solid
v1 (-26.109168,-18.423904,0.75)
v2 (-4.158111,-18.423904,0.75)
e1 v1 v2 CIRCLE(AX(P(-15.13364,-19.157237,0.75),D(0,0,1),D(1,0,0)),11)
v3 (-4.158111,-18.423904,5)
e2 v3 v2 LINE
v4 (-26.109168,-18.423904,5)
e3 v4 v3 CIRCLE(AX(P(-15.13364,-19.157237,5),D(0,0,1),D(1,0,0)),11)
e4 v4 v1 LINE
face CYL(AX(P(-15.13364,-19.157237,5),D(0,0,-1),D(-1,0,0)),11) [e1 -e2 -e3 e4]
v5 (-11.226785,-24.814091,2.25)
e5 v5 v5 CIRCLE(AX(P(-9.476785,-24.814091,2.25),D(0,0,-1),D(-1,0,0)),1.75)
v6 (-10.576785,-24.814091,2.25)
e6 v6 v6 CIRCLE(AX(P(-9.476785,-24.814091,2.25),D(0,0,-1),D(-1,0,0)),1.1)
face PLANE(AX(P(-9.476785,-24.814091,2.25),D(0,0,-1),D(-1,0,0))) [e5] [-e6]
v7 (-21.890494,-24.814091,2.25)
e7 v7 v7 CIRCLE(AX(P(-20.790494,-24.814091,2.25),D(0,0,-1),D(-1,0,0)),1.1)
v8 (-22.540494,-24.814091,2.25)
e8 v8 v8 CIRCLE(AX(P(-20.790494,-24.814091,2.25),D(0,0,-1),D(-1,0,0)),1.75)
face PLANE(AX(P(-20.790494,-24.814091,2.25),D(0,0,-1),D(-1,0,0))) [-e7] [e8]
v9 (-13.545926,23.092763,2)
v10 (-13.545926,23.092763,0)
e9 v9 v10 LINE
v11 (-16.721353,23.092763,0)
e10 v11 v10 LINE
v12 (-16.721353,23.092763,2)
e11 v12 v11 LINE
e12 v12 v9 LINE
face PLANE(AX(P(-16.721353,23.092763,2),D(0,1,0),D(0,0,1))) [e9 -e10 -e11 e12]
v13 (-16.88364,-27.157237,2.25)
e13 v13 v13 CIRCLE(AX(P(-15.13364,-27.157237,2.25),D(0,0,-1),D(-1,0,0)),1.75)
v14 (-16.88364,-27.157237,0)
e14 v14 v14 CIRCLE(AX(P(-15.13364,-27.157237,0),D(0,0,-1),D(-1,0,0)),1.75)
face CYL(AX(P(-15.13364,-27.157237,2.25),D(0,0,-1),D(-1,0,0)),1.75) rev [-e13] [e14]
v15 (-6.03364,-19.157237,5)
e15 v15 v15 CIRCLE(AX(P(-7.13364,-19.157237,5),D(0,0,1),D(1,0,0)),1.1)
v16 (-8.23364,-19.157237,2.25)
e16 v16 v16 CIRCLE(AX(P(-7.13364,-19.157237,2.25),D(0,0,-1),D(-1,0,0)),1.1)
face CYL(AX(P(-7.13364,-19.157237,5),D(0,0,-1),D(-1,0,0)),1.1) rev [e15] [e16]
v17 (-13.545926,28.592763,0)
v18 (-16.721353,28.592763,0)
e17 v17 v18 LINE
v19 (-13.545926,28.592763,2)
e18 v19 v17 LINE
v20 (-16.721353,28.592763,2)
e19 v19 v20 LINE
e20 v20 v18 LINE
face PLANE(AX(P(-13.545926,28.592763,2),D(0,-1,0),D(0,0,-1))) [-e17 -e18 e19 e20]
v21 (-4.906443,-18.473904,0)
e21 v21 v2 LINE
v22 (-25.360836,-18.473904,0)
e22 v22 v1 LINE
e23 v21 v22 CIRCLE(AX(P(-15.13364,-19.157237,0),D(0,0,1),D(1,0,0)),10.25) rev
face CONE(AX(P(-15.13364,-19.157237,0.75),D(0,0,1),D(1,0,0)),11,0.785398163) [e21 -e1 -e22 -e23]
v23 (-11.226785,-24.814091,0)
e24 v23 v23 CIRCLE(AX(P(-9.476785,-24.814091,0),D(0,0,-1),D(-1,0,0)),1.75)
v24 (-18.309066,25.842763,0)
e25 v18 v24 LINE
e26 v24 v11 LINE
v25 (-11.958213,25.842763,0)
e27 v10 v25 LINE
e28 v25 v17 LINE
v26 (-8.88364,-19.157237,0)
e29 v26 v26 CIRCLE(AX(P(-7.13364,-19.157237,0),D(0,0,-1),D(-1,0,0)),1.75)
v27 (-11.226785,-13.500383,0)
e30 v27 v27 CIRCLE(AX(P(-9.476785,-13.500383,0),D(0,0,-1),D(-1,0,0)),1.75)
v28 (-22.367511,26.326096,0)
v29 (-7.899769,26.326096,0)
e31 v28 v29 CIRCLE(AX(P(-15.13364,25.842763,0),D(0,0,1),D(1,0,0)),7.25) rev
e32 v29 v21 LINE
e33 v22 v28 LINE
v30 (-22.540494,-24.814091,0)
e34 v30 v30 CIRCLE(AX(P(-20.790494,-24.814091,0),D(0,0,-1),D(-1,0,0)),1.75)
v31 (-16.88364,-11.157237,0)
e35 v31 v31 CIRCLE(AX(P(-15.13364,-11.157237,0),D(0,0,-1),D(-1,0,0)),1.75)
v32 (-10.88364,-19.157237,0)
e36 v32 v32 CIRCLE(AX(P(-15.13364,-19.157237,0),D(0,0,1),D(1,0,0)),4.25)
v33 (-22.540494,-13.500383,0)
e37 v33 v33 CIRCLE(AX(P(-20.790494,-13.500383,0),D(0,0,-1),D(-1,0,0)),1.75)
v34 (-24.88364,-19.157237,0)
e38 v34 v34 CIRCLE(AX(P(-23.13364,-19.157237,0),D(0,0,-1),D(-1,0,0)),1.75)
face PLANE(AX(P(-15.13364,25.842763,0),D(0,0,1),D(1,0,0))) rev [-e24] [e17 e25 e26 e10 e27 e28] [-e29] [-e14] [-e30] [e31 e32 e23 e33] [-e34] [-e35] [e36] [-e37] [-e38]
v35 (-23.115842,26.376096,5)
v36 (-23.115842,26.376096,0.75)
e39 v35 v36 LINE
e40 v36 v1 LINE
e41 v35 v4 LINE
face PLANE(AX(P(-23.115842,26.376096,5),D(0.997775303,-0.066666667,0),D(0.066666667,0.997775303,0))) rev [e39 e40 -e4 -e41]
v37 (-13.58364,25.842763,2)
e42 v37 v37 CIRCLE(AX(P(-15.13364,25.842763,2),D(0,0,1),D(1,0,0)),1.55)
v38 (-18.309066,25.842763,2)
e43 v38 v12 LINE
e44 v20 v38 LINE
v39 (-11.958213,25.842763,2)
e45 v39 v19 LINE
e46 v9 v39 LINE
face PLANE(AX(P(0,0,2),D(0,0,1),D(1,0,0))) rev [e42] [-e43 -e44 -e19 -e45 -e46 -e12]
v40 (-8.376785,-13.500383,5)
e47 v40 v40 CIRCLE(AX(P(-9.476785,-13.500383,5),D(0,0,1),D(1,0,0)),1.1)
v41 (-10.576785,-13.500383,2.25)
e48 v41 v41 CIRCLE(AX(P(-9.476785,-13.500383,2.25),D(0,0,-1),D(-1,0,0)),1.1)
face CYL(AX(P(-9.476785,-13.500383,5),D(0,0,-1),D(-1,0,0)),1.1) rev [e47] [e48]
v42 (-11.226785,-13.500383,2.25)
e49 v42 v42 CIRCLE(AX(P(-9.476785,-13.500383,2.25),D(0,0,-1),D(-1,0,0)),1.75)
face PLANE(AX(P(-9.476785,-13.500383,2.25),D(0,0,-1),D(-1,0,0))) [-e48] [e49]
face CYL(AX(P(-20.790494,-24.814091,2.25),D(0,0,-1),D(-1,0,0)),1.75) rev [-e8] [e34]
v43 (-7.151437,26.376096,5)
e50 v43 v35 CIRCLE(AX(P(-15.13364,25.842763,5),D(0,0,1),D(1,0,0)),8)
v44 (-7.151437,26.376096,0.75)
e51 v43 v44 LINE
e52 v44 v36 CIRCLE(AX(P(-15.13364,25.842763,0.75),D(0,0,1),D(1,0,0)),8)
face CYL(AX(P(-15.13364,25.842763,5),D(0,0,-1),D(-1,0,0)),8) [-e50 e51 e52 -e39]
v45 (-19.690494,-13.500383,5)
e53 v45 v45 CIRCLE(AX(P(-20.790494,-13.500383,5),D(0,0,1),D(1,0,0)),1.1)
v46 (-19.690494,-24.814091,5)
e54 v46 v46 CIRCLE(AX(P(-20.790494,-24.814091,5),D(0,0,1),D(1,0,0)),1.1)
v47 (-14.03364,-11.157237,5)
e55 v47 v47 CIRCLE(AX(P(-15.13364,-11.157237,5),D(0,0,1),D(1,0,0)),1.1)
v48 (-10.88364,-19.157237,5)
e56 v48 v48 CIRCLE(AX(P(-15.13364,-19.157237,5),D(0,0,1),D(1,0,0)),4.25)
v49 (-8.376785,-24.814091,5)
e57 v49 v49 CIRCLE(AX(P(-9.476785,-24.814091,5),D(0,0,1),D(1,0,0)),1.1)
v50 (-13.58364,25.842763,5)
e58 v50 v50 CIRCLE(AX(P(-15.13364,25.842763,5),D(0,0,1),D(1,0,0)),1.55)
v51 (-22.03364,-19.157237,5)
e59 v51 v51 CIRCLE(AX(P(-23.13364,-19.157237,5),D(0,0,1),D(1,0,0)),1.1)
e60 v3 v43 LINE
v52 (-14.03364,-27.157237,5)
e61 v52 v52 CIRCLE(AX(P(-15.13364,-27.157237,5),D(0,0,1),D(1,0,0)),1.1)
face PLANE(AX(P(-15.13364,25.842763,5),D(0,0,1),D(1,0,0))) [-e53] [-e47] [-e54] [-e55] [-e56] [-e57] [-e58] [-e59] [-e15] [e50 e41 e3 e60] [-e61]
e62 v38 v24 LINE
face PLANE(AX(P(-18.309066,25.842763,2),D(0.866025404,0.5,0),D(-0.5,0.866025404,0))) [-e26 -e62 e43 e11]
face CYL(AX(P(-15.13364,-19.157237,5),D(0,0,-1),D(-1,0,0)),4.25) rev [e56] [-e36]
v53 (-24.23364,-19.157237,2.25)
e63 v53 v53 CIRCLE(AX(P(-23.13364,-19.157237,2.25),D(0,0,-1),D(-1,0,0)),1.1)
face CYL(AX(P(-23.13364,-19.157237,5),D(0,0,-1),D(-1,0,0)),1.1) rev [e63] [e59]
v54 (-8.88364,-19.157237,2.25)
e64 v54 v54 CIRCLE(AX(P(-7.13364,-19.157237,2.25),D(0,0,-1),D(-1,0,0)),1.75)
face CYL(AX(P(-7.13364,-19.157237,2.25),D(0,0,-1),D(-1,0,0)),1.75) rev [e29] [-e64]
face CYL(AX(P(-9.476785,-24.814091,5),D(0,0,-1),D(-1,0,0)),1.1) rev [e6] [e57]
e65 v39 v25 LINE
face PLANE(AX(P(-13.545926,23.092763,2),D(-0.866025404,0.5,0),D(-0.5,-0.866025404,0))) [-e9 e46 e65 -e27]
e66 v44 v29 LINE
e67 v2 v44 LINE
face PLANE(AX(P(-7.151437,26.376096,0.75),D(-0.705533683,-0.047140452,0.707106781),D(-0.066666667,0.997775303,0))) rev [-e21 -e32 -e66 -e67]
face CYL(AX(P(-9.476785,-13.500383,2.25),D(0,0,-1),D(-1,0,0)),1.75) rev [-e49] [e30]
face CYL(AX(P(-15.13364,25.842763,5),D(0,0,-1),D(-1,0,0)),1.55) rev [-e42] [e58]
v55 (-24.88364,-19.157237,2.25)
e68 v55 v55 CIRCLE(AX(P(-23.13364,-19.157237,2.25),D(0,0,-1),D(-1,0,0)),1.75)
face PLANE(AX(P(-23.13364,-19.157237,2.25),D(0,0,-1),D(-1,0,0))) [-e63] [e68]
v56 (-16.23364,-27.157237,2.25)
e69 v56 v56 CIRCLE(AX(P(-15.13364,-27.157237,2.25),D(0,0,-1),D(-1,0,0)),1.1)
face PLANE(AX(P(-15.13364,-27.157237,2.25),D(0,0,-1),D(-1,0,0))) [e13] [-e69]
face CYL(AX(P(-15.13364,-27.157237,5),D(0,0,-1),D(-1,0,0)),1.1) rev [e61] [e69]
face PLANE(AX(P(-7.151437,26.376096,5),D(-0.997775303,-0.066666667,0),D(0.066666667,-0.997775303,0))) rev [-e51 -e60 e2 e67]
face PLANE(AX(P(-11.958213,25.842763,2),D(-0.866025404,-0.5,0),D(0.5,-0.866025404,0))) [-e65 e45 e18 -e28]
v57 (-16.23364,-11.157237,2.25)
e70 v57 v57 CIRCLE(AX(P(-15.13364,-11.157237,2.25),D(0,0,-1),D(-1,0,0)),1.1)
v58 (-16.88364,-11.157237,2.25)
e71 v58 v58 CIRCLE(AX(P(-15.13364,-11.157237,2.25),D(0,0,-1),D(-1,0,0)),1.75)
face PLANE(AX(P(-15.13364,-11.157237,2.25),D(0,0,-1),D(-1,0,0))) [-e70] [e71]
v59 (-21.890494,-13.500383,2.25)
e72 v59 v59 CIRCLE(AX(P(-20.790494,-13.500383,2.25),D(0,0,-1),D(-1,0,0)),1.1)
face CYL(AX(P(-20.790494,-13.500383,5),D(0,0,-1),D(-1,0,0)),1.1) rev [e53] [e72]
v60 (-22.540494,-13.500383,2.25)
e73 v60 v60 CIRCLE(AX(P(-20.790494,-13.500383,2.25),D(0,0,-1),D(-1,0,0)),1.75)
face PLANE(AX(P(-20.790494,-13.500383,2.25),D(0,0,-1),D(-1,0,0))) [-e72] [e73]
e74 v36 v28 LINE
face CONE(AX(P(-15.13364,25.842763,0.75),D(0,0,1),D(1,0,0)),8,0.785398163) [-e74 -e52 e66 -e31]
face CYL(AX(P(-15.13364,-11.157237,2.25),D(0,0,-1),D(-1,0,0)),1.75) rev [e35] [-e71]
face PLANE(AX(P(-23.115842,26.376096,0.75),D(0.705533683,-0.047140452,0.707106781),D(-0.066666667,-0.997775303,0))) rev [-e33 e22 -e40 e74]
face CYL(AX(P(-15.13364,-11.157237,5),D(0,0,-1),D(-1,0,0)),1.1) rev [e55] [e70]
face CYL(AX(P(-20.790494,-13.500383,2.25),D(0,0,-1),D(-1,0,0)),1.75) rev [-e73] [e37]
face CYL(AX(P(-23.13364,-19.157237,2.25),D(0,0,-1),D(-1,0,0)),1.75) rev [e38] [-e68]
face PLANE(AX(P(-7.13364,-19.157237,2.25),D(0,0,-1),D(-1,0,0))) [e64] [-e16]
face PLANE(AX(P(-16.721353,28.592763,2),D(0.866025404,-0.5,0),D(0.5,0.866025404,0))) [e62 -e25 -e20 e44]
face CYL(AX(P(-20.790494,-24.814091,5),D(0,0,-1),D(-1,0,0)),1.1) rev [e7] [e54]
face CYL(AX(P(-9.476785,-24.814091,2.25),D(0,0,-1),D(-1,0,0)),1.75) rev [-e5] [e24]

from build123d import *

# Parameters (mm, degrees)
SKETCH1_R           = 1.55
SKETCH1_R_2         = 4.25
SKETCH1_R_3         = 1.1
BOSS_EXTRUDE1_DEPTH = 5
CUT_EXTRUDE2_DEPTH  = 2
SKETCH4_R           = 1.75
CUT_EXTRUDE3_DEPTH  = 2.25
CHAFL_N1_SIZE       = 0.75


with BuildPart() as part:
    # Sketch1 → Boss-Extrude1 (new body)
    with BuildSketch(Plane.XY):
        with BuildLine():
            Line((-23.115842036, 26.376096398), (-26.109167946, -18.423903602))
            ThreePointArc((-26.109167946, -18.423903602), (-15.133639611, -30.157236935), (-4.158111277, -18.423903602))
            Line((-4.158111277, -18.423903602), (-7.151437186, 26.376096398))
            ThreePointArc((-7.151437186, 26.376096398), (-15.133639611, 33.842763065), (-23.115842036, 26.376096398))
        make_face()
        with Locations((-15.133639611, 25.842763065)):
            Circle(SKETCH1_R, mode=Mode.SUBTRACT)
        with Locations((-15.133639611, -19.157236935)):
            Circle(SKETCH1_R_2, mode=Mode.SUBTRACT)
        with Locations((-7.133639611, -19.157236935)):
            Circle(SKETCH1_R_3, mode=Mode.SUBTRACT)
        with Locations((-9.476785362, -24.814091185)):
            Circle(SKETCH1_R_3, mode=Mode.SUBTRACT)
        with Locations((-15.133639611, -27.157236935)):
            Circle(SKETCH1_R_3, mode=Mode.SUBTRACT)
        with Locations((-20.790493861, -24.814091185)):
            Circle(SKETCH1_R_3, mode=Mode.SUBTRACT)
        with Locations((-23.133639611, -19.157236935)):
            Circle(SKETCH1_R_3, mode=Mode.SUBTRACT)
        with Locations((-20.790493861, -13.500382686)):
            Circle(SKETCH1_R_3, mode=Mode.SUBTRACT)
        with Locations((-15.133639611, -11.157236935)):
            Circle(SKETCH1_R_3, mode=Mode.SUBTRACT)
        with Locations((-9.476785362, -13.500382686)):
            Circle(SKETCH1_R_3, mode=Mode.SUBTRACT)
    extrude(amount=BOSS_EXTRUDE1_DEPTH)

    # Sketch3 → Cut-Extrude2 (cut)
    with BuildSketch(Plane.XY):
        Polygon((-13.545926371, 23.092763065), (-11.958213131, 25.842763065), (-13.545926371, 28.592763065), (-16.721352851, 28.592763065), (-18.309066092, 25.842763065), (-16.721352851, 23.092763065), align=None)
    extrude(amount=CUT_EXTRUDE2_DEPTH, mode=Mode.SUBTRACT)

    # Sketch4 → Cut-Extrude3 (cut)
    with BuildSketch(Plane(origin=(0, 0, 0), x_dir=(-1, 0, 0), z_dir=(0, 0, -1))):
        with Locations((23.133639611, -19.157236935)):
            Circle(SKETCH4_R)
        with Locations((20.790493861, -24.814091185)):
            Circle(SKETCH4_R)
        with Locations((15.133639611, -27.157236935)):
            Circle(SKETCH4_R)
        with Locations((9.476785362, -24.814091185)):
            Circle(SKETCH4_R)
        with Locations((7.133639611, -19.157236935)):
            Circle(SKETCH4_R)
        with Locations((9.476785362, -13.500382686)):
            Circle(SKETCH4_R)
        with Locations((15.133639611, -11.157236935)):
            Circle(SKETCH4_R)
        with Locations((20.790493861, -13.500382686)):
            Circle(SKETCH4_R)
    extrude(amount=-CUT_EXTRUDE3_DEPTH, mode=Mode.SUBTRACT)

    # Chaflán1
    chafl_n1_edges = [part.edges().sort_by_distance(p)[0] for p in [
        (-5.654774231, 3.976096398, 0),
        (-15.133639611, -30.157236935, 0),
        (-24.612504991, 3.976096398, 0),
        (-15.133639611, 33.842763065, 0),
    ]]
    chamfer(chafl_n1_edges, length=CHAFL_N1_SIZE)


solid = part.part
